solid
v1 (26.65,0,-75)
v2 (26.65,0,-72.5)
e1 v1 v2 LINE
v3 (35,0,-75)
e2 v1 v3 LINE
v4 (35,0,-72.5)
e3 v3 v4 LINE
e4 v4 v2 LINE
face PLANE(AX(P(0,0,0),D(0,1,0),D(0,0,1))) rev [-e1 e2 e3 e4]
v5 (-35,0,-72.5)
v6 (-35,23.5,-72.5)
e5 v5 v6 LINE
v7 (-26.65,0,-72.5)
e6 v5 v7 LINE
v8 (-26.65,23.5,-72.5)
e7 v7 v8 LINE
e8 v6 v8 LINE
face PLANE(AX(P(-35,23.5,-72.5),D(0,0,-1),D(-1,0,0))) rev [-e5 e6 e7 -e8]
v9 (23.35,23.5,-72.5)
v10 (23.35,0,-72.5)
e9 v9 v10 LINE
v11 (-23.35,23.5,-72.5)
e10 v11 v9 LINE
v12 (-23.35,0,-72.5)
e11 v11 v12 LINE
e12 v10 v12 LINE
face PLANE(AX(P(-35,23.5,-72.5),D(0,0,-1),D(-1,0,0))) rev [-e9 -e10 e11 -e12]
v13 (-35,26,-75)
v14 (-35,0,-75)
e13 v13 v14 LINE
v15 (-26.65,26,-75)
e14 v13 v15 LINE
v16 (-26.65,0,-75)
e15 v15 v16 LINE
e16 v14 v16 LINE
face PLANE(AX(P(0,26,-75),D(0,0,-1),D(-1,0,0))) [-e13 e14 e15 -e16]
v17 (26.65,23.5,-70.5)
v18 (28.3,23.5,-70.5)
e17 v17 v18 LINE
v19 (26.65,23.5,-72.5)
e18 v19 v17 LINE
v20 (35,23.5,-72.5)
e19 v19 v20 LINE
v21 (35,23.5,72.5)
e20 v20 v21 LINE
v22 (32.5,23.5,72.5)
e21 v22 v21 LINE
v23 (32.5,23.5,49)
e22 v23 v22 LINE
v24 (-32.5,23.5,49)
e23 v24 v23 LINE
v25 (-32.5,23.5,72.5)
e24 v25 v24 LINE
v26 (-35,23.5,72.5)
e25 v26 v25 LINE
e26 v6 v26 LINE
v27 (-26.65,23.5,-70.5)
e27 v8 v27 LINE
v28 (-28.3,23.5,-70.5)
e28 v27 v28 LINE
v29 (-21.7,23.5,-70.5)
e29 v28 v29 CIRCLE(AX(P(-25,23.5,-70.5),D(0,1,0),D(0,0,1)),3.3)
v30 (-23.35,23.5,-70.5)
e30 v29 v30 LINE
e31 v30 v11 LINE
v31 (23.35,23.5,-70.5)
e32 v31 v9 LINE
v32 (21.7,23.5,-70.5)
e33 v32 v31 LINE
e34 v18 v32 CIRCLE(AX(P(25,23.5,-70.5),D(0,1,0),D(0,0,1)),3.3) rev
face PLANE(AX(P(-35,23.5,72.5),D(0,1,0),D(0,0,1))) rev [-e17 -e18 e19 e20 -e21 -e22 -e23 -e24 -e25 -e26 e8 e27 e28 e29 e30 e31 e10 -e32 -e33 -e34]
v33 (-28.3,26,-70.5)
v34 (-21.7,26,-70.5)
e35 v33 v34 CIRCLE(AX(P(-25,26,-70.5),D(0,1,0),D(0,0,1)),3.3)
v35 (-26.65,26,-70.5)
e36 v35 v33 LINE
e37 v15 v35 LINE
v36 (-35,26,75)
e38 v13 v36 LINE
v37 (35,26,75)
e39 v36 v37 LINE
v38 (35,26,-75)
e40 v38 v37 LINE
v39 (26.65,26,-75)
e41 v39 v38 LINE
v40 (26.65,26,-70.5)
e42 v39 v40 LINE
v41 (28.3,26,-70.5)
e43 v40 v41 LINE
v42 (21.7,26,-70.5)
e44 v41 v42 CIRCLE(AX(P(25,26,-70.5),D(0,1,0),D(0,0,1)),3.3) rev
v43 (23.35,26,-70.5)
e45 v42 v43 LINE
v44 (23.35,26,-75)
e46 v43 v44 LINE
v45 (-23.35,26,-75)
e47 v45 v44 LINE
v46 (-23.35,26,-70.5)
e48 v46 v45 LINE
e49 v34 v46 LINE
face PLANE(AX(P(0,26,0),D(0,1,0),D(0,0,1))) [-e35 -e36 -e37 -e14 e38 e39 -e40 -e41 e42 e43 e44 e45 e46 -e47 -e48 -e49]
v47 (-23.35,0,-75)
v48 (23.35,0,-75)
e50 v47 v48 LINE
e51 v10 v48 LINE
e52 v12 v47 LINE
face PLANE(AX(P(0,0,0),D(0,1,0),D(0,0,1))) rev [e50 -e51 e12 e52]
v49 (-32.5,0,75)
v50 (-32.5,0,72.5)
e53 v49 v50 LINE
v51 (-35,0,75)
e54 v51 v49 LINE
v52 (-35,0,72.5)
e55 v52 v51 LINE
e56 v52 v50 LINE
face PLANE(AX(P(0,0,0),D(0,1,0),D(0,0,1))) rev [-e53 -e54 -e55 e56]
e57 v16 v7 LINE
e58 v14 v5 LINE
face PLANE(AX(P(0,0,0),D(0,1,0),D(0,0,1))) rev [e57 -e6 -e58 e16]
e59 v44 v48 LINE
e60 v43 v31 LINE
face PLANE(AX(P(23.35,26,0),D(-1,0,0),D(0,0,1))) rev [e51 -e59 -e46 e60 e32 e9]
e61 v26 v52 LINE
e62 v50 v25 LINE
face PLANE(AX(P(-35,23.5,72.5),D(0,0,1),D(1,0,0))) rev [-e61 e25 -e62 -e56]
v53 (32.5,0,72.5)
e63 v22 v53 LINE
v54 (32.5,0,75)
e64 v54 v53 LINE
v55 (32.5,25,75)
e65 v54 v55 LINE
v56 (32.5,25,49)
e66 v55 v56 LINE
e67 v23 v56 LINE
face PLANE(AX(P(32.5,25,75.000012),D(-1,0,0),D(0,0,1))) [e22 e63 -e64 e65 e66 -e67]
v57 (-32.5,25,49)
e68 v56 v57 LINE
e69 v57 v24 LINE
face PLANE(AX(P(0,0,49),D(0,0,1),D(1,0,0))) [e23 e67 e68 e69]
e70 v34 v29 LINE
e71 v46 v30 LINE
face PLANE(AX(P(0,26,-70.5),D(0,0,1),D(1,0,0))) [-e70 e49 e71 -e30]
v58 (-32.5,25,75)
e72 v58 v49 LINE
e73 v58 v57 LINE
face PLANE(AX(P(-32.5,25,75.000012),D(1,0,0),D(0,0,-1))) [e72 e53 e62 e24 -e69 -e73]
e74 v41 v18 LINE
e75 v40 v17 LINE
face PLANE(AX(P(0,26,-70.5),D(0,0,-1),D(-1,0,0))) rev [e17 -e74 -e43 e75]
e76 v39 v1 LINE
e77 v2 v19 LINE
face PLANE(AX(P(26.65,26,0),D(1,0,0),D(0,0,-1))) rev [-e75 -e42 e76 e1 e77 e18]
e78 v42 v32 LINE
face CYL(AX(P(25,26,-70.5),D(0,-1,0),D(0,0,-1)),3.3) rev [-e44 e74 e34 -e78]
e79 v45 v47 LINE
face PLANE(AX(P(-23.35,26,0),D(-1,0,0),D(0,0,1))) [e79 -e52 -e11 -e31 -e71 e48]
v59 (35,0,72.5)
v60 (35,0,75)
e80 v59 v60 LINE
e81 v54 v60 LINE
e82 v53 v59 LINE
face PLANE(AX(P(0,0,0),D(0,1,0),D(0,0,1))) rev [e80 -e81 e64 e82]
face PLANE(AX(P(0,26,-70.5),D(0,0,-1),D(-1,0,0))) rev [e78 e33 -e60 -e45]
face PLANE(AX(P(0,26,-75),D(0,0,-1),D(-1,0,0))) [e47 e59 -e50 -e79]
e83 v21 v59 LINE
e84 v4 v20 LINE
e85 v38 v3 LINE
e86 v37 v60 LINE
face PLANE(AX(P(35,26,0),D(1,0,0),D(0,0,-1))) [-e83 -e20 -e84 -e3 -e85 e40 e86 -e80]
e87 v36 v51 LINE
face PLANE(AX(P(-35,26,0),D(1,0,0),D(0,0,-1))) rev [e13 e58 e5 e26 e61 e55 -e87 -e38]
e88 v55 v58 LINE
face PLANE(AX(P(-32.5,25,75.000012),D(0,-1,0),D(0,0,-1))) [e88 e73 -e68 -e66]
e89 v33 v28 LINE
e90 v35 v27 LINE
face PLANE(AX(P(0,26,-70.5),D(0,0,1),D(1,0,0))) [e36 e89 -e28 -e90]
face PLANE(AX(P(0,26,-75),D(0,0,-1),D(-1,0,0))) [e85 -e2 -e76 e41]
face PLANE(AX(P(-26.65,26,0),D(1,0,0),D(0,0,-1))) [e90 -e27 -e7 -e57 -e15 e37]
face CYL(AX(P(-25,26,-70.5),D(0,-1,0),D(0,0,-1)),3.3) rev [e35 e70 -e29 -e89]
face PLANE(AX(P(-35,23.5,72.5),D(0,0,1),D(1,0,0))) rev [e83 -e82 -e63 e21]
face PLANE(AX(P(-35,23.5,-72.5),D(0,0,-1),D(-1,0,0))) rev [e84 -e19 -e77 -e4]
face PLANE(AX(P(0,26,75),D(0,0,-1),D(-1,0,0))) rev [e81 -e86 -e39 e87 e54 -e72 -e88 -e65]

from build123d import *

# Parameters (mm, degrees)
BOSS_EXTRUDE1_DEPTH     = 26
CUT_EXTRUDE1_DEPTH      = 106.834776893
CUT_EXTRUDE1_DEPTH_BACK = 106.834776893
SKETCH3_W               = 145
SKETCH3_H               = 23.5
CUT_EXTRUDE2_DEPTH      = 157.208194407
CUT_EXTRUDE2_DEPTH_BACK = 26
SKETCH4_W               = 65
SKETCH4_H               = 25


with BuildPart() as part:
    # Sketch2 → Boss-Extrude1 (new body)
    with BuildSketch(Plane(origin=(0, 0, 0), x_dir=(1, 0, 0), z_dir=(0, 1, 0))):
        with BuildLine():
            Line((-26.65, 70.5), (-26.65, 75))
            Line((-26.65, 75), (-35, 75))
            Line((-35, 75), (-35, -75))
            Line((-35, -75), (35, -75))
            Line((35, -75), (35, 75))
            Line((35, 75), (26.65, 75))
            Line((26.65, 75), (26.65, 70.5))
            Line((26.65, 70.5), (28.3, 70.5))
            ThreePointArc((28.3, 70.5), (25, 67.2), (21.7, 70.5))
            Line((21.7, 70.5), (23.35, 70.5))
            Line((23.35, 70.5), (23.35, 75))
            Line((23.35, 75), (-23.35, 75))
            Line((-23.35, 75), (-23.35, 70.5))
            Line((-23.35, 70.5), (-21.7, 70.5))
            ThreePointArc((-21.7, 70.5), (-25, 67.2), (-28.3, 70.5))
            Line((-28.3, 70.5), (-26.65, 70.5))
        make_face()
    extrude(amount=BOSS_EXTRUDE1_DEPTH)

    # Sketch3 → Cut-Extrude1 (cut, two sides: drawn at the far end of the back side and taken through both)
    with BuildSketch(Plane(origin=(35, 0, 0), x_dir=(0, 0, -1), z_dir=(1, 0, 0)).offset(-CUT_EXTRUDE1_DEPTH_BACK)):
        with Locations((0, 11.75)):
            Rectangle(SKETCH3_W, SKETCH3_H)
    extrude(amount=CUT_EXTRUDE1_DEPTH + CUT_EXTRUDE1_DEPTH_BACK, mode=Mode.SUBTRACT)

    # Sketch4 → Cut-Extrude2 (cut, two sides: drawn at the far end of the back side and taken through both)
    with BuildSketch(Plane.XY.offset(75).offset(-CUT_EXTRUDE2_DEPTH_BACK)):
        with Locations((0, 12.5)):
            Rectangle(SKETCH4_W, SKETCH4_H)
    extrude(amount=CUT_EXTRUDE2_DEPTH + CUT_EXTRUDE2_DEPTH_BACK, mode=Mode.SUBTRACT)


solid = part.part
